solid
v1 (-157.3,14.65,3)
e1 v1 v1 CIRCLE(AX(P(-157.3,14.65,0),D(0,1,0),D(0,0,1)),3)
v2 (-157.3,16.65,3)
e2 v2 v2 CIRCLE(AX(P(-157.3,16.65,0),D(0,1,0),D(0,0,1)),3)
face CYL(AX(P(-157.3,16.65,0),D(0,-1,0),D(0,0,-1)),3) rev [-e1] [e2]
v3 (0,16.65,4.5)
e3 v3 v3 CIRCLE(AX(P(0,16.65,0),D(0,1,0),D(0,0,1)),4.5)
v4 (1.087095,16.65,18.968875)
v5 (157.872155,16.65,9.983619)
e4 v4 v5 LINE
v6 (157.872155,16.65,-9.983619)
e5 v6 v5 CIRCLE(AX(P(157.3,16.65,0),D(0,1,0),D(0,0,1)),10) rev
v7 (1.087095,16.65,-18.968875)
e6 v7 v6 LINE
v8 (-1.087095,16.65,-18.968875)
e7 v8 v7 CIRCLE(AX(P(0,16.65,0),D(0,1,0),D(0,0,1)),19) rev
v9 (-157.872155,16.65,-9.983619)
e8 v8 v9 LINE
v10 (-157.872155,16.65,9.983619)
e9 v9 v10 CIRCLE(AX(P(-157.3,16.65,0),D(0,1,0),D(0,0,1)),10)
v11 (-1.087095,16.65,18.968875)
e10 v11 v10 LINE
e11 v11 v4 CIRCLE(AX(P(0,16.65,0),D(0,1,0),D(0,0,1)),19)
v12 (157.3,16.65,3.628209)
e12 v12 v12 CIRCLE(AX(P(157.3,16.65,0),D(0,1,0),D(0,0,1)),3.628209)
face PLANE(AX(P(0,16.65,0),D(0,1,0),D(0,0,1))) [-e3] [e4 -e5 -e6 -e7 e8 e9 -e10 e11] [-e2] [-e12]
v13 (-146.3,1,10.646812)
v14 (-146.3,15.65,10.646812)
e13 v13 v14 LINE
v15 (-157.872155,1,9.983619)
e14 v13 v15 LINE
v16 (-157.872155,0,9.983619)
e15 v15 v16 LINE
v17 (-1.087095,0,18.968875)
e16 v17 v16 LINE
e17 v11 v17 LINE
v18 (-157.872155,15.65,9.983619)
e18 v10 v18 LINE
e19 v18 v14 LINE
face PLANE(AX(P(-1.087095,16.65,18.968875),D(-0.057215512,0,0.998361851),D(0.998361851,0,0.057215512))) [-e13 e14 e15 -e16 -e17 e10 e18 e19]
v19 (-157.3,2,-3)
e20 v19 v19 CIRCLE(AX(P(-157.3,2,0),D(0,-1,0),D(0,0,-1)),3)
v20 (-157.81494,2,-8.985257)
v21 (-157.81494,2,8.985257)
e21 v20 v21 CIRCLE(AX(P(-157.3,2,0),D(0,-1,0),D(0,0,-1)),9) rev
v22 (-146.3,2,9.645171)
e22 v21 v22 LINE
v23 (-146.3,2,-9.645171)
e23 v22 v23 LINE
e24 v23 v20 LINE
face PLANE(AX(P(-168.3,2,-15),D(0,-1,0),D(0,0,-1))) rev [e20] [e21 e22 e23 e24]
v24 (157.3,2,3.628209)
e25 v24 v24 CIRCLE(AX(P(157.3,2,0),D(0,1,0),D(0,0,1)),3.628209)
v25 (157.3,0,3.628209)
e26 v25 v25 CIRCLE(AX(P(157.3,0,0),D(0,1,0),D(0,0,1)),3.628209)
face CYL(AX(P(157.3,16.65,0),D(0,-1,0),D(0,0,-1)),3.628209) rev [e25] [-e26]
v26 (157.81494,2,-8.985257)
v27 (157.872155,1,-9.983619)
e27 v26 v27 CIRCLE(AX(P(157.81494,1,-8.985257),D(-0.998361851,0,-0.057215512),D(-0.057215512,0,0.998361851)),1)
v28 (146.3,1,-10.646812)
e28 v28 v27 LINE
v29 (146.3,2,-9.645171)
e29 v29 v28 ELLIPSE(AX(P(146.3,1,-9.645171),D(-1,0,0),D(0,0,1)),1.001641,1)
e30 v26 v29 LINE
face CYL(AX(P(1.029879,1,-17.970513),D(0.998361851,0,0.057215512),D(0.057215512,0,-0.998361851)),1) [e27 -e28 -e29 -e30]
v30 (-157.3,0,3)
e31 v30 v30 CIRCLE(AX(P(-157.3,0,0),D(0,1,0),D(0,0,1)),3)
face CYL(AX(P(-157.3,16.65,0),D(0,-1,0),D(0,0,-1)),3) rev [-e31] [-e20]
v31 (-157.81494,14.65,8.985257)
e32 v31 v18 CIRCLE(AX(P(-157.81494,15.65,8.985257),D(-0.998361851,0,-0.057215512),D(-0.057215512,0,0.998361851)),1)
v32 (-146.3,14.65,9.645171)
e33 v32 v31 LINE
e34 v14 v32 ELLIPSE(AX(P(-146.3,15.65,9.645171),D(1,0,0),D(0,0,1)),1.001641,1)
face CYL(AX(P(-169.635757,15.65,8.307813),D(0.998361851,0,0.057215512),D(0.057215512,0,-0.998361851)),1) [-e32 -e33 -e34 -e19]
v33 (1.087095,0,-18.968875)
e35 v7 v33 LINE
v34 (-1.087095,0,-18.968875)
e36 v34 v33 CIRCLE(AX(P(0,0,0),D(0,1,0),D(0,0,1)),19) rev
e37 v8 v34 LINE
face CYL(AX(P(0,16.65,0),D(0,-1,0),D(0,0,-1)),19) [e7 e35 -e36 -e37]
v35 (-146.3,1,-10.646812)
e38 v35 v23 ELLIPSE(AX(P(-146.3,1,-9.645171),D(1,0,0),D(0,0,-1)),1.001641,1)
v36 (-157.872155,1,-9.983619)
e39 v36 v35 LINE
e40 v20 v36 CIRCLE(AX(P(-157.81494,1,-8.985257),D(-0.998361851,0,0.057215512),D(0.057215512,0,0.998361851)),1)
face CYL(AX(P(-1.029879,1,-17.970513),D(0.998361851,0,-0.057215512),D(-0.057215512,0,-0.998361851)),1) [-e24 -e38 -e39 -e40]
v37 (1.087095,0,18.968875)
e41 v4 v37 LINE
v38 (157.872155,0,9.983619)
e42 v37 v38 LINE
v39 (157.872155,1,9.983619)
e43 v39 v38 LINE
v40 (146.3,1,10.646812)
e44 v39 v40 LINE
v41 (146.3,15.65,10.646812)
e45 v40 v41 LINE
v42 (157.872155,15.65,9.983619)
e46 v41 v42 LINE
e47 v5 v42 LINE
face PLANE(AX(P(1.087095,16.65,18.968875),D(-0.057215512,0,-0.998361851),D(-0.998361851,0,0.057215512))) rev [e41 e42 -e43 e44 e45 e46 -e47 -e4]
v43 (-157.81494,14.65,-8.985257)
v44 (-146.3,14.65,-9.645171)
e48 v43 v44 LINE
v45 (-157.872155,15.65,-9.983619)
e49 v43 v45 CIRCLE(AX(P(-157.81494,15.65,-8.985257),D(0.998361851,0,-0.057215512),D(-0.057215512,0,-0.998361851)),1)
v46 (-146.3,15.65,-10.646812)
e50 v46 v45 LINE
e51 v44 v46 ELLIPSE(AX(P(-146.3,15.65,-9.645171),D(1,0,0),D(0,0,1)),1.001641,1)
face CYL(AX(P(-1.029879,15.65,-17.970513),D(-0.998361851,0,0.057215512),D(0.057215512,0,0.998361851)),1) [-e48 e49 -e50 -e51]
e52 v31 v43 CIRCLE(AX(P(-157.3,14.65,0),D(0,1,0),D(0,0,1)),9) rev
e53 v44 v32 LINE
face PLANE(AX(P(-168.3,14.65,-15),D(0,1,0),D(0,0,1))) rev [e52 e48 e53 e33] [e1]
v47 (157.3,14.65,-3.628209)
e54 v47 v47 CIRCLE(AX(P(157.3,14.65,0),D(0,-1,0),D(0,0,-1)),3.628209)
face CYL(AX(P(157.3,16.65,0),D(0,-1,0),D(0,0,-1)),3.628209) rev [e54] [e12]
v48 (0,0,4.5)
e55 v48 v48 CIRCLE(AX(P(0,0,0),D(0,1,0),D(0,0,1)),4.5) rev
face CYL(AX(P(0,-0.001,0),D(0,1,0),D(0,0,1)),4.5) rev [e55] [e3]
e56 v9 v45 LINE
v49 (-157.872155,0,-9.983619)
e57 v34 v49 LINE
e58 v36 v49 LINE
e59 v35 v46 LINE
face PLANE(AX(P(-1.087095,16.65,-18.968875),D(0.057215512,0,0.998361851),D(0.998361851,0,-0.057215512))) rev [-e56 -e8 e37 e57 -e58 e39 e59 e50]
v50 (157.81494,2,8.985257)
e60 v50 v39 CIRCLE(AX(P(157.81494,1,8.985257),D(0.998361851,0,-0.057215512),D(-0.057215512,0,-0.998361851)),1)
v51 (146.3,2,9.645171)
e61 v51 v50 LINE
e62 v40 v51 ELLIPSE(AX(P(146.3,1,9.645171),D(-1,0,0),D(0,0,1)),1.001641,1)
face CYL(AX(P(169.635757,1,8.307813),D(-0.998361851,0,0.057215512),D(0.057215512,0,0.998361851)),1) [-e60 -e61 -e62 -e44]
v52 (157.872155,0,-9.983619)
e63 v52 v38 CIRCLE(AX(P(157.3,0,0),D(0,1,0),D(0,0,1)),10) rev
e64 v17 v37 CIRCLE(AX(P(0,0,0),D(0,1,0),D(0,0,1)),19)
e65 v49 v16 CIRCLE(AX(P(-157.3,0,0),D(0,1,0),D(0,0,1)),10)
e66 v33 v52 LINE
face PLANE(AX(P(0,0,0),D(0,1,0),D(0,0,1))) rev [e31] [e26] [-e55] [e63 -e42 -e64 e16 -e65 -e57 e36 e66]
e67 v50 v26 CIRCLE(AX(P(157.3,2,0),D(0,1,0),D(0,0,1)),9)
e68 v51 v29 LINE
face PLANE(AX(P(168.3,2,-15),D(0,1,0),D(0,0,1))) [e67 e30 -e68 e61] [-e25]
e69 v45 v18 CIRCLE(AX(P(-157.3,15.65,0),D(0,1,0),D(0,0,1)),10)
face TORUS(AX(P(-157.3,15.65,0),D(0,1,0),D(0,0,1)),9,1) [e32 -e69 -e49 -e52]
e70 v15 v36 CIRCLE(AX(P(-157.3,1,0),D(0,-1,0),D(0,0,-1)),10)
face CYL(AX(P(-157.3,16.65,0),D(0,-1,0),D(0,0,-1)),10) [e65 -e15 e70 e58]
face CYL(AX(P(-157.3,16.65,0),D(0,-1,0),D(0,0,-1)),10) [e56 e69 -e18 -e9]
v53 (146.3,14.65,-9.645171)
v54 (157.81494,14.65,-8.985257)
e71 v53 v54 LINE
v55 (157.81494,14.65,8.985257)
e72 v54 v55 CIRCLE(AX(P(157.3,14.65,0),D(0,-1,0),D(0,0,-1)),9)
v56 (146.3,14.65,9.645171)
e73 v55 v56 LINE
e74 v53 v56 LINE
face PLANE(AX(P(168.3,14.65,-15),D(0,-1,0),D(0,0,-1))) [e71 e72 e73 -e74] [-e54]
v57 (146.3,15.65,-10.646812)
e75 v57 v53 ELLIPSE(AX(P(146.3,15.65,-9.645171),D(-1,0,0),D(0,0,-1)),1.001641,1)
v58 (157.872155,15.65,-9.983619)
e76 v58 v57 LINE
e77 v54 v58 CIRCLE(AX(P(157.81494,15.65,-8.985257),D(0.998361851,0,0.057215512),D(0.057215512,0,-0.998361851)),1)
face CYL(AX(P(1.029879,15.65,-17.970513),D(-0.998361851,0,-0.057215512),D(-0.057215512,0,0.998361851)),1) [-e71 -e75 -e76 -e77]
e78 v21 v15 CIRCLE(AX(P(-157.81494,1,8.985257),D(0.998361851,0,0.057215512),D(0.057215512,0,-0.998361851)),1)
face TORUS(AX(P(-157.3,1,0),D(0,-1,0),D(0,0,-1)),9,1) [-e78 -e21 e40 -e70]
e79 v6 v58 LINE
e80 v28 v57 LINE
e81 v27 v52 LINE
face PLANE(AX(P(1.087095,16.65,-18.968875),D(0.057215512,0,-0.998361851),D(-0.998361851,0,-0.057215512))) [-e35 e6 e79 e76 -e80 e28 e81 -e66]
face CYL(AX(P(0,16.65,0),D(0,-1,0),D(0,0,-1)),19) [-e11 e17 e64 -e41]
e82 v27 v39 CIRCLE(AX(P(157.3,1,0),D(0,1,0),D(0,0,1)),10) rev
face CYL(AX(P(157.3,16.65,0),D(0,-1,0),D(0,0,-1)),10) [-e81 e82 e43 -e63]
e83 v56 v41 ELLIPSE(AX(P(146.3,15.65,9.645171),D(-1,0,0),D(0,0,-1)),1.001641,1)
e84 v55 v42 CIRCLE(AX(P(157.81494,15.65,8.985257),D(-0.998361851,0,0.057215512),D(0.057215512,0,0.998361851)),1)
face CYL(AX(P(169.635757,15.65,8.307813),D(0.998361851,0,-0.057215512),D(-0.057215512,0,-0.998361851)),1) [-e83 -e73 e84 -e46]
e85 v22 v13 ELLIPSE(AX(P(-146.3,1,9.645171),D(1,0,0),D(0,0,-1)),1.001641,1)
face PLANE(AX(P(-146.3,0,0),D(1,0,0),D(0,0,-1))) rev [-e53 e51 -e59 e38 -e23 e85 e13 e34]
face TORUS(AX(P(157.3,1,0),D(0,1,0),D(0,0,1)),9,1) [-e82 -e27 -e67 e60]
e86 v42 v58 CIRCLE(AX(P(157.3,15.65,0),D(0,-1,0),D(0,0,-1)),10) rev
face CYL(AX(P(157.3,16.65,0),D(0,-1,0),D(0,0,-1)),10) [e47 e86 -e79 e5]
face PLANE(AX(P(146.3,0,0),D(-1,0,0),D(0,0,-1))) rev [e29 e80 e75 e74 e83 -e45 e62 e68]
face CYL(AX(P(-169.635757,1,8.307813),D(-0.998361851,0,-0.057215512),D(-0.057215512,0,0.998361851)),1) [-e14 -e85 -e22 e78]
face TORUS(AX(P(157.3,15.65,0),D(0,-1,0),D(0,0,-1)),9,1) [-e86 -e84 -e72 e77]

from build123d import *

# Parameters (mm, degrees)
SKETCH1_R           = 18
SKETCH1_R_2         = 3
SKETCH1_R_3         = 3.628209061
BOSS_EXTRUDE1_DEPTH = 16.65
SKETCH2_W           = 30
SKETCH2_H           = 12.65
CUT_EXTRUDE2_DEPTH  = 11
CUT_EXTRUDE3_REACH  = 171.197
SKETCH3_R           = 4.5
FILLET2_R           = 1


with BuildPart() as part:
    # Sketch1 → Boss-Extrude1 (new body)
    with BuildSketch(Plane(origin=(0, 0, 0), x_dir=(1, 0, 0), z_dir=(0, 1, 0))):
        with BuildLine():
            Line((-1.087094723, -18.968875166), (-157.872155118, -9.983618508))
            ThreePointArc((-157.872155118, -9.983618508), (-167.3, 0), (-157.872155118, 9.983618508))
            Line((-157.872155118, 9.983618508), (-1.087094723, 18.968875166))
            ThreePointArc((-1.087094723, 18.968875166), (0, 19), (1.087094723, 18.968875166))
            Line((1.087094723, 18.968875166), (157.872155118, 9.983618508))
            ThreePointArc((157.872155118, 9.983618508), (167.3, 0), (157.872155118, -9.983618508))
            Line((157.872155118, -9.983618508), (1.087094723, -18.968875166))
            ThreePointArc((1.087094723, -18.968875166), (0, -19), (-1.087094723, -18.968875166))
        make_face()
        Circle(SKETCH1_R, mode=Mode.SUBTRACT)
        with Locations(Location((-157.3, 0, 0), (0, 0, 270))):
            Circle(SKETCH1_R_2, mode=Mode.SUBTRACT)
        with Locations(Location((157.3, 0, 0), (0, 0, 270))):
            Circle(SKETCH1_R_3, mode=Mode.SUBTRACT)
        Circle(SKETCH1_R)
    extrude(amount=BOSS_EXTRUDE1_DEPTH)

    # Sketch2 → Cut-Extrude2 (cut, symmetric)
    with BuildSketch(Plane(origin=(-157.3, 0, 0), x_dir=(0, 0, -1), z_dir=(1, 0, 0))):
        with Locations((0, 8.325)):
            Rectangle(SKETCH2_W, SKETCH2_H)
    cut_extrude2 = extrude(amount=CUT_EXTRUDE2_DEPTH, both=True, mode=Mode.SUBTRACT)

    # Mirror1: Cut-Extrude2 across plane
    add(cut_extrude2.mirror(Plane(origin=(0, 0, 0), x_dir=(0, 0, 1), z_dir=(1, 0, 0))), mode=Mode.SUBTRACT)

    # Sketch3 → Cut-Extrude3 (cut, up to next)
    with BuildSketch(Plane(origin=(0, 16.65, 0), x_dir=(1, 0, 0), z_dir=(0, 1, 0)), mode=Mode.PRIVATE) as cut_extrude3_sk1:
        with Locations(Location((0, 0, 0), (0, 0, 270))):
            Circle(SKETCH3_R)
    cut_extrude3_tool1 = extrude(cut_extrude3_sk1.sketch, amount=-CUT_EXTRUDE3_REACH, mode=Mode.PRIVATE) & part.part
    add(cut_extrude3_tool1.solids().sort_by_distance((0, 16.65, 0))[0], mode=Mode.SUBTRACT)

    # Fillet2
    fillet2_edges = [part.edges().sort_by_distance(p)[0] for p in [
        (-167.3, 2, 0),
        (-167.3, 14.65, 0),
        (-152.086077559, 14.65, 10.315215102),
        (-152.086077559, 2, 10.315215102),
        (-152.086077559, 14.65, -10.315215102),
        (-152.086077559, 2, -10.315215102),
        (152.086077559, 2, -10.315215102),
        (167.3, 2, 0),
        (167.3, 14.65, 0),
        (152.086077559, 14.65, -10.315215102),
        (152.086077559, 2, 10.315215102),
        (152.086077559, 14.65, 10.315215102),
    ]]
    fillet(fillet2_edges, radius=FILLET2_R)


solid = part.part
